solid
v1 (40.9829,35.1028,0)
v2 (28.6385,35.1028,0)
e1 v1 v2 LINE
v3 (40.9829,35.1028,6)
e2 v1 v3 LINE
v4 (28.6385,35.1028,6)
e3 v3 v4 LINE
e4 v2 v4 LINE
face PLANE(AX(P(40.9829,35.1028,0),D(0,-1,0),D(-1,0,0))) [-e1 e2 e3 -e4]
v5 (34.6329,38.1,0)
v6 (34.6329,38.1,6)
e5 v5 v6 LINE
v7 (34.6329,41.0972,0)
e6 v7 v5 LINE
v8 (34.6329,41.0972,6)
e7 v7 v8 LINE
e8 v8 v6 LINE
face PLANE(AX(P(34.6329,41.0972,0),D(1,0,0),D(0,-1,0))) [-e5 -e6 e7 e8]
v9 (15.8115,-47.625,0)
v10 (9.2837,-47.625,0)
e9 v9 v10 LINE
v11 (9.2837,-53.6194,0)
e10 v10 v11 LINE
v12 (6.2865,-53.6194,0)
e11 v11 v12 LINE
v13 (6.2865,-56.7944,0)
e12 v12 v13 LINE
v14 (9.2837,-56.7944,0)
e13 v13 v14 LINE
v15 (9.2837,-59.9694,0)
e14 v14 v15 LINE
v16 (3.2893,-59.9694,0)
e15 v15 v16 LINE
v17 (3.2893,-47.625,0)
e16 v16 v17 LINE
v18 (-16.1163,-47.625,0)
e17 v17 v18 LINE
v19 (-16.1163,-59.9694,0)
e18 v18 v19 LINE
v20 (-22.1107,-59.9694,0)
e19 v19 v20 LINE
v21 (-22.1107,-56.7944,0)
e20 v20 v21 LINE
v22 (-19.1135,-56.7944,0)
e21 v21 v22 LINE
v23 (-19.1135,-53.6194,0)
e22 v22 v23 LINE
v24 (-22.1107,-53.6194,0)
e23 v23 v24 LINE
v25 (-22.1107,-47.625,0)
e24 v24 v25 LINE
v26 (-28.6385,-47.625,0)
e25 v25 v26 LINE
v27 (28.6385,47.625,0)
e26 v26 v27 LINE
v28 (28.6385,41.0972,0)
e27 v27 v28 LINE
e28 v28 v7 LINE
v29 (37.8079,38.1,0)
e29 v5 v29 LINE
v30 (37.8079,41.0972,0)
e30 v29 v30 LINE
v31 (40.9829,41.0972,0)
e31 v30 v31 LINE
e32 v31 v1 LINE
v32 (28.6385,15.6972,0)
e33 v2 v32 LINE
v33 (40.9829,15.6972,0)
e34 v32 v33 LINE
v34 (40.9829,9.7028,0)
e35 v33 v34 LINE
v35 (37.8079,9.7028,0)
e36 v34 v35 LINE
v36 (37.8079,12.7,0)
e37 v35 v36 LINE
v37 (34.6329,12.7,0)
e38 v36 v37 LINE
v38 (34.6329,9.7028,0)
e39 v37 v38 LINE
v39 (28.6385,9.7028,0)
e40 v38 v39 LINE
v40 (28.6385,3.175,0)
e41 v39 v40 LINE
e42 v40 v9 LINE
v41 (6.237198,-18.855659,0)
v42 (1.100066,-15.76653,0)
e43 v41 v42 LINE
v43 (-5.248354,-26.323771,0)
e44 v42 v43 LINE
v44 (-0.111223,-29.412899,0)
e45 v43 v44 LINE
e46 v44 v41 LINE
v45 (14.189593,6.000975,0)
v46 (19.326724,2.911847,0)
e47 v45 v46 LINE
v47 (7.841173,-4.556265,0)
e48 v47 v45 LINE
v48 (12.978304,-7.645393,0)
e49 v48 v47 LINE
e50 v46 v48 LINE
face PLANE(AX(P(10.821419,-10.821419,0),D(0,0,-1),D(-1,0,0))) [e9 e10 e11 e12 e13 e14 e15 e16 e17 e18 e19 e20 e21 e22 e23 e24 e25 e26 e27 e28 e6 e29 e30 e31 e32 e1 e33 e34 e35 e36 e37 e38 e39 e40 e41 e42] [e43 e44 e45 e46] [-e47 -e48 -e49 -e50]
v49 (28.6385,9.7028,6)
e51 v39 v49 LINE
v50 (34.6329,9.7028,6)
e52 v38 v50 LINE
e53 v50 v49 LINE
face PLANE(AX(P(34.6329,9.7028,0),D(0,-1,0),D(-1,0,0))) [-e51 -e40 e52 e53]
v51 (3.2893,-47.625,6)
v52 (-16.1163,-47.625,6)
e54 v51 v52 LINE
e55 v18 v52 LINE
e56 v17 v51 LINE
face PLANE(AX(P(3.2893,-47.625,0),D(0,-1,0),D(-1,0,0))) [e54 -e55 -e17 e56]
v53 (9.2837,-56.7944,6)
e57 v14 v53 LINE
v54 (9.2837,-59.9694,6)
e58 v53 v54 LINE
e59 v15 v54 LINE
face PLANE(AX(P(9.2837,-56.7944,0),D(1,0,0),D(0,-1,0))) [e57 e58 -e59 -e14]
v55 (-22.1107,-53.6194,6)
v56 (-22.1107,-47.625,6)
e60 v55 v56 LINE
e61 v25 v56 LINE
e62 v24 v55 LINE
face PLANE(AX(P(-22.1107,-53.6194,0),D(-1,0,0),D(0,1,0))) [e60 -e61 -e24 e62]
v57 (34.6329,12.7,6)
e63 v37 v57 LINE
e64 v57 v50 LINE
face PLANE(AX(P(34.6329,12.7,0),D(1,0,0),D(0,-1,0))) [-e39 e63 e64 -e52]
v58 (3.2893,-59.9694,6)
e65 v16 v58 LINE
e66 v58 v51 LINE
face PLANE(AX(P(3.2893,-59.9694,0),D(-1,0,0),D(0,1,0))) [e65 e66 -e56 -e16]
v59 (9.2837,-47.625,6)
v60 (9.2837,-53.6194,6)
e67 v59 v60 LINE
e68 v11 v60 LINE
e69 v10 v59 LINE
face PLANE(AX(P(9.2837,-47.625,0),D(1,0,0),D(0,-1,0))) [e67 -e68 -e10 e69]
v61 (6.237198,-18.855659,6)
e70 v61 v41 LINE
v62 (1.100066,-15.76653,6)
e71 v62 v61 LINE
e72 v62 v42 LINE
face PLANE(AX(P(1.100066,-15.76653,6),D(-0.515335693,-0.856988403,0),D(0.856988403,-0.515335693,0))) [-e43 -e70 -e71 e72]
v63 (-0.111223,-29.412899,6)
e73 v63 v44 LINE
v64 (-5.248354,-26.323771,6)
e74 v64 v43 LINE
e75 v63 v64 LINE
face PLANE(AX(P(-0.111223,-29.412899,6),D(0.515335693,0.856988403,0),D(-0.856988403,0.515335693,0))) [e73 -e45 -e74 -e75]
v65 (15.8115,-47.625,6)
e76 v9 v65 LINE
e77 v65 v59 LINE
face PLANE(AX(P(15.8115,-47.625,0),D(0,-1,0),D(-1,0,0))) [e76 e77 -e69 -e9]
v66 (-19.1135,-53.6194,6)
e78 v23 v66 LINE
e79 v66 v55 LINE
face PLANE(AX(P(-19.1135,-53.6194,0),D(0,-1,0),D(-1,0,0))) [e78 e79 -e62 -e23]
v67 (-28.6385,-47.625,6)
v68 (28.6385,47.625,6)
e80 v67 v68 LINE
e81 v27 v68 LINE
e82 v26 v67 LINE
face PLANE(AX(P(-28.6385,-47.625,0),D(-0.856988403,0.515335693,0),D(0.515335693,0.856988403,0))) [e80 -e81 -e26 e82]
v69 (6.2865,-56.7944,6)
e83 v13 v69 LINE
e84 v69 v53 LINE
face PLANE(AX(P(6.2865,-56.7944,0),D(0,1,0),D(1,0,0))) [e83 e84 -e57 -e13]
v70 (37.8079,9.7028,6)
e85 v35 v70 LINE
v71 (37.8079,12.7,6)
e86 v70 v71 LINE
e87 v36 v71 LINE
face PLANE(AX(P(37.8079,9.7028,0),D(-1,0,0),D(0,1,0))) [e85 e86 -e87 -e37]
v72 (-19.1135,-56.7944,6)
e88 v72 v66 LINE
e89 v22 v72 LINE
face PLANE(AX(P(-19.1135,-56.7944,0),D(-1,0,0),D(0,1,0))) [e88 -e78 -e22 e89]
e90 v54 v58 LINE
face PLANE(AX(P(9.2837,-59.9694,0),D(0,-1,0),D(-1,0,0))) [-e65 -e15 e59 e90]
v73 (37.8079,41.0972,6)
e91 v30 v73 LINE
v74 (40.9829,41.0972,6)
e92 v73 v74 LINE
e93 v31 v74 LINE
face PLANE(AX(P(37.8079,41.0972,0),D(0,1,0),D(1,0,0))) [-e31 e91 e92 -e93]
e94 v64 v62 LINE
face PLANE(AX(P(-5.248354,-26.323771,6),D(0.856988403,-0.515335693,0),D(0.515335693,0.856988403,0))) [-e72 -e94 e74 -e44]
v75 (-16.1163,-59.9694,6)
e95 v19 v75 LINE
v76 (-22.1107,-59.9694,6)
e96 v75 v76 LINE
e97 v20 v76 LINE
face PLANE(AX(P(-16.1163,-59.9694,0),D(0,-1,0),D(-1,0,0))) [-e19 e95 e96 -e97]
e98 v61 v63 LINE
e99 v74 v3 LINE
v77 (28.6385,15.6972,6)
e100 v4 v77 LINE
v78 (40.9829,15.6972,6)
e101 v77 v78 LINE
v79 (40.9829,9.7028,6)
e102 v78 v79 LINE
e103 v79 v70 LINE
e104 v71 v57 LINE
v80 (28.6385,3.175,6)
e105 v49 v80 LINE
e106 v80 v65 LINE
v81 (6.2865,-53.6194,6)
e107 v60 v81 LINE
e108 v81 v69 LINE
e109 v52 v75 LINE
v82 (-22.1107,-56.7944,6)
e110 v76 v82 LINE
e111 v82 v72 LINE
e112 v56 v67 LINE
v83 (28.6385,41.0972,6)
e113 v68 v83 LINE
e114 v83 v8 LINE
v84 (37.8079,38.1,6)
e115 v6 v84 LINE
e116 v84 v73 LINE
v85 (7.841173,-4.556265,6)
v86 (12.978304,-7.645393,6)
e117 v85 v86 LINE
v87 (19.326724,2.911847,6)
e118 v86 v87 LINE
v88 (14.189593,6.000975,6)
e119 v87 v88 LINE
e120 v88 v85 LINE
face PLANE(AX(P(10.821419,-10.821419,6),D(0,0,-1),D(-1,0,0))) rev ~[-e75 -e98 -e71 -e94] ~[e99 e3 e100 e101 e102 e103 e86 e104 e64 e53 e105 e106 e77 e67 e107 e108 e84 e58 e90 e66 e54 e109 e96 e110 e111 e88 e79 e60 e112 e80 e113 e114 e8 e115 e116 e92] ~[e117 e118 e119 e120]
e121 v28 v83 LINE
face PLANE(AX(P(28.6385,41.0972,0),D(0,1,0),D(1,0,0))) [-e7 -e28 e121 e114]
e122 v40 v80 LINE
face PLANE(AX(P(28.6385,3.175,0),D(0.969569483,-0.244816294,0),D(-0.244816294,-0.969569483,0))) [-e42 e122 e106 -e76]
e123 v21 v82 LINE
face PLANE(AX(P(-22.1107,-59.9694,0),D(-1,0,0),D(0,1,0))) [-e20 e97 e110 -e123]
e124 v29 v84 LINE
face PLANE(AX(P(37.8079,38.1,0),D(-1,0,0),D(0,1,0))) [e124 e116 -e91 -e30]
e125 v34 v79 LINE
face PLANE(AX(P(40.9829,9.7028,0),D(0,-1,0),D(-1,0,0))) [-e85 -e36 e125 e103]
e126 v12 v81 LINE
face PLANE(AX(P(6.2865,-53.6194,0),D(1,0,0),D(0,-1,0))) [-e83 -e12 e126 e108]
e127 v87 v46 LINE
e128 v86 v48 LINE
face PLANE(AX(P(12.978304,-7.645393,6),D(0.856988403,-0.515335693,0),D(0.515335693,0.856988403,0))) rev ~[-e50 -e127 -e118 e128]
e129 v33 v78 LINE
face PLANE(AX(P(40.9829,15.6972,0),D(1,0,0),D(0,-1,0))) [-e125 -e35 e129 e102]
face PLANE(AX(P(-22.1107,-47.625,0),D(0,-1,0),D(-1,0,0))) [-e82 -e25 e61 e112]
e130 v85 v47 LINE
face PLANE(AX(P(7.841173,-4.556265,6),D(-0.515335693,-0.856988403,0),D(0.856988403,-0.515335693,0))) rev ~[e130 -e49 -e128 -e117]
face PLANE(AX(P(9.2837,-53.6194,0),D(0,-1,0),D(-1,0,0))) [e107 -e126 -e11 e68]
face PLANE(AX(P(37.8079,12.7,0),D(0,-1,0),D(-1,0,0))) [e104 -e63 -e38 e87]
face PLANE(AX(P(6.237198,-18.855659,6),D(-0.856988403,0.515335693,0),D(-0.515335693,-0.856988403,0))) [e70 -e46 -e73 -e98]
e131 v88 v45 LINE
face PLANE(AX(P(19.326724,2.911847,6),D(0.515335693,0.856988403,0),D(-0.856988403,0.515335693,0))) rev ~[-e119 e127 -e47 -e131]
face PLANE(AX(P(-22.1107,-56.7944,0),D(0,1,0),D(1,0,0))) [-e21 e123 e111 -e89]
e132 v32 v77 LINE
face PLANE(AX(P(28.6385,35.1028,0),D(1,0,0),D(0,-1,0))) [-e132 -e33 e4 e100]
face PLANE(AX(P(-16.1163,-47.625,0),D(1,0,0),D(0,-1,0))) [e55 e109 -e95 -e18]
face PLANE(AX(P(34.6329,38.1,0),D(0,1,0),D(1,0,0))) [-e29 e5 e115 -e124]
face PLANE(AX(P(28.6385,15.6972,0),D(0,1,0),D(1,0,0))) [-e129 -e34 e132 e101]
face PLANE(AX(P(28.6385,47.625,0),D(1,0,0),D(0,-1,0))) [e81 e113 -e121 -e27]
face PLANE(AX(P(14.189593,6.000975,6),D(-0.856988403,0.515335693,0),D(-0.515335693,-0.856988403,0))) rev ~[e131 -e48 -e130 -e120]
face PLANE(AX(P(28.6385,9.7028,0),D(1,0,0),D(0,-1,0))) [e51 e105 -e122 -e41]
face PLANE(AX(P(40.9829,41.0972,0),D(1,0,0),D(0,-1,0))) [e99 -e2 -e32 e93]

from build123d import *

# Parameters (mm, degrees)
BOSS_EXTRUDE1_DEPTH = 6
CUT_EXTRUDE1_DEPTH  = 73.882968029


with BuildPart() as part:
    # Sketch1 → Boss-Extrude1 (new body)
    with BuildSketch(Plane.XY):
        Polygon((28.6385, 47.625), (28.6385, 41.0972), (34.6329, 41.0972), (34.6329, 38.1), (37.8079, 38.1), (37.8079, 41.0972), (40.9829, 41.0972), (40.9829, 35.1028), (28.6385, 35.1028), (28.6385, 15.6972), (40.9829, 15.6972), (40.9829, 9.7028), (37.8079, 9.7028), (37.8079, 12.7), (34.6329, 12.7), (34.6329, 9.7028), (28.6385, 9.7028), (28.6385, 3.175), (15.8115, -47.625), (9.2837, -47.625), (9.2837, -53.6194), (6.2865, -53.6194), (6.2865, -56.7944), (9.2837, -56.7944), (9.2837, -59.9694), (3.2893, -59.9694), (3.2893, -47.625), (-16.1163, -47.625), (-16.1163, -59.9694), (-22.1107, -59.9694), (-22.1107, -56.7944), (-19.1135, -56.7944), (-19.1135, -53.6194), (-22.1107, -53.6194), (-22.1107, -47.625), (-28.6385, -47.625), align=None)
    extrude(amount=BOSS_EXTRUDE1_DEPTH)

    # Sketch2 → Cut-Extrude1 (cut, through all)
    with BuildSketch(Plane.XY.offset(6)):
        Polygon((14.189592964, 6.000975012), (7.84117256, -4.556265128), (12.978303844, -7.645393407), (19.326724249, 2.911846732), align=None)
        Polygon((1.100066357, -15.766530432), (6.237197642, -18.855658711), (-0.111222762, -29.412898851), (-5.248354047, -26.323770571), align=None)
    extrude(amount=-CUT_EXTRUDE1_DEPTH, mode=Mode.SUBTRACT)


solid = part.part
